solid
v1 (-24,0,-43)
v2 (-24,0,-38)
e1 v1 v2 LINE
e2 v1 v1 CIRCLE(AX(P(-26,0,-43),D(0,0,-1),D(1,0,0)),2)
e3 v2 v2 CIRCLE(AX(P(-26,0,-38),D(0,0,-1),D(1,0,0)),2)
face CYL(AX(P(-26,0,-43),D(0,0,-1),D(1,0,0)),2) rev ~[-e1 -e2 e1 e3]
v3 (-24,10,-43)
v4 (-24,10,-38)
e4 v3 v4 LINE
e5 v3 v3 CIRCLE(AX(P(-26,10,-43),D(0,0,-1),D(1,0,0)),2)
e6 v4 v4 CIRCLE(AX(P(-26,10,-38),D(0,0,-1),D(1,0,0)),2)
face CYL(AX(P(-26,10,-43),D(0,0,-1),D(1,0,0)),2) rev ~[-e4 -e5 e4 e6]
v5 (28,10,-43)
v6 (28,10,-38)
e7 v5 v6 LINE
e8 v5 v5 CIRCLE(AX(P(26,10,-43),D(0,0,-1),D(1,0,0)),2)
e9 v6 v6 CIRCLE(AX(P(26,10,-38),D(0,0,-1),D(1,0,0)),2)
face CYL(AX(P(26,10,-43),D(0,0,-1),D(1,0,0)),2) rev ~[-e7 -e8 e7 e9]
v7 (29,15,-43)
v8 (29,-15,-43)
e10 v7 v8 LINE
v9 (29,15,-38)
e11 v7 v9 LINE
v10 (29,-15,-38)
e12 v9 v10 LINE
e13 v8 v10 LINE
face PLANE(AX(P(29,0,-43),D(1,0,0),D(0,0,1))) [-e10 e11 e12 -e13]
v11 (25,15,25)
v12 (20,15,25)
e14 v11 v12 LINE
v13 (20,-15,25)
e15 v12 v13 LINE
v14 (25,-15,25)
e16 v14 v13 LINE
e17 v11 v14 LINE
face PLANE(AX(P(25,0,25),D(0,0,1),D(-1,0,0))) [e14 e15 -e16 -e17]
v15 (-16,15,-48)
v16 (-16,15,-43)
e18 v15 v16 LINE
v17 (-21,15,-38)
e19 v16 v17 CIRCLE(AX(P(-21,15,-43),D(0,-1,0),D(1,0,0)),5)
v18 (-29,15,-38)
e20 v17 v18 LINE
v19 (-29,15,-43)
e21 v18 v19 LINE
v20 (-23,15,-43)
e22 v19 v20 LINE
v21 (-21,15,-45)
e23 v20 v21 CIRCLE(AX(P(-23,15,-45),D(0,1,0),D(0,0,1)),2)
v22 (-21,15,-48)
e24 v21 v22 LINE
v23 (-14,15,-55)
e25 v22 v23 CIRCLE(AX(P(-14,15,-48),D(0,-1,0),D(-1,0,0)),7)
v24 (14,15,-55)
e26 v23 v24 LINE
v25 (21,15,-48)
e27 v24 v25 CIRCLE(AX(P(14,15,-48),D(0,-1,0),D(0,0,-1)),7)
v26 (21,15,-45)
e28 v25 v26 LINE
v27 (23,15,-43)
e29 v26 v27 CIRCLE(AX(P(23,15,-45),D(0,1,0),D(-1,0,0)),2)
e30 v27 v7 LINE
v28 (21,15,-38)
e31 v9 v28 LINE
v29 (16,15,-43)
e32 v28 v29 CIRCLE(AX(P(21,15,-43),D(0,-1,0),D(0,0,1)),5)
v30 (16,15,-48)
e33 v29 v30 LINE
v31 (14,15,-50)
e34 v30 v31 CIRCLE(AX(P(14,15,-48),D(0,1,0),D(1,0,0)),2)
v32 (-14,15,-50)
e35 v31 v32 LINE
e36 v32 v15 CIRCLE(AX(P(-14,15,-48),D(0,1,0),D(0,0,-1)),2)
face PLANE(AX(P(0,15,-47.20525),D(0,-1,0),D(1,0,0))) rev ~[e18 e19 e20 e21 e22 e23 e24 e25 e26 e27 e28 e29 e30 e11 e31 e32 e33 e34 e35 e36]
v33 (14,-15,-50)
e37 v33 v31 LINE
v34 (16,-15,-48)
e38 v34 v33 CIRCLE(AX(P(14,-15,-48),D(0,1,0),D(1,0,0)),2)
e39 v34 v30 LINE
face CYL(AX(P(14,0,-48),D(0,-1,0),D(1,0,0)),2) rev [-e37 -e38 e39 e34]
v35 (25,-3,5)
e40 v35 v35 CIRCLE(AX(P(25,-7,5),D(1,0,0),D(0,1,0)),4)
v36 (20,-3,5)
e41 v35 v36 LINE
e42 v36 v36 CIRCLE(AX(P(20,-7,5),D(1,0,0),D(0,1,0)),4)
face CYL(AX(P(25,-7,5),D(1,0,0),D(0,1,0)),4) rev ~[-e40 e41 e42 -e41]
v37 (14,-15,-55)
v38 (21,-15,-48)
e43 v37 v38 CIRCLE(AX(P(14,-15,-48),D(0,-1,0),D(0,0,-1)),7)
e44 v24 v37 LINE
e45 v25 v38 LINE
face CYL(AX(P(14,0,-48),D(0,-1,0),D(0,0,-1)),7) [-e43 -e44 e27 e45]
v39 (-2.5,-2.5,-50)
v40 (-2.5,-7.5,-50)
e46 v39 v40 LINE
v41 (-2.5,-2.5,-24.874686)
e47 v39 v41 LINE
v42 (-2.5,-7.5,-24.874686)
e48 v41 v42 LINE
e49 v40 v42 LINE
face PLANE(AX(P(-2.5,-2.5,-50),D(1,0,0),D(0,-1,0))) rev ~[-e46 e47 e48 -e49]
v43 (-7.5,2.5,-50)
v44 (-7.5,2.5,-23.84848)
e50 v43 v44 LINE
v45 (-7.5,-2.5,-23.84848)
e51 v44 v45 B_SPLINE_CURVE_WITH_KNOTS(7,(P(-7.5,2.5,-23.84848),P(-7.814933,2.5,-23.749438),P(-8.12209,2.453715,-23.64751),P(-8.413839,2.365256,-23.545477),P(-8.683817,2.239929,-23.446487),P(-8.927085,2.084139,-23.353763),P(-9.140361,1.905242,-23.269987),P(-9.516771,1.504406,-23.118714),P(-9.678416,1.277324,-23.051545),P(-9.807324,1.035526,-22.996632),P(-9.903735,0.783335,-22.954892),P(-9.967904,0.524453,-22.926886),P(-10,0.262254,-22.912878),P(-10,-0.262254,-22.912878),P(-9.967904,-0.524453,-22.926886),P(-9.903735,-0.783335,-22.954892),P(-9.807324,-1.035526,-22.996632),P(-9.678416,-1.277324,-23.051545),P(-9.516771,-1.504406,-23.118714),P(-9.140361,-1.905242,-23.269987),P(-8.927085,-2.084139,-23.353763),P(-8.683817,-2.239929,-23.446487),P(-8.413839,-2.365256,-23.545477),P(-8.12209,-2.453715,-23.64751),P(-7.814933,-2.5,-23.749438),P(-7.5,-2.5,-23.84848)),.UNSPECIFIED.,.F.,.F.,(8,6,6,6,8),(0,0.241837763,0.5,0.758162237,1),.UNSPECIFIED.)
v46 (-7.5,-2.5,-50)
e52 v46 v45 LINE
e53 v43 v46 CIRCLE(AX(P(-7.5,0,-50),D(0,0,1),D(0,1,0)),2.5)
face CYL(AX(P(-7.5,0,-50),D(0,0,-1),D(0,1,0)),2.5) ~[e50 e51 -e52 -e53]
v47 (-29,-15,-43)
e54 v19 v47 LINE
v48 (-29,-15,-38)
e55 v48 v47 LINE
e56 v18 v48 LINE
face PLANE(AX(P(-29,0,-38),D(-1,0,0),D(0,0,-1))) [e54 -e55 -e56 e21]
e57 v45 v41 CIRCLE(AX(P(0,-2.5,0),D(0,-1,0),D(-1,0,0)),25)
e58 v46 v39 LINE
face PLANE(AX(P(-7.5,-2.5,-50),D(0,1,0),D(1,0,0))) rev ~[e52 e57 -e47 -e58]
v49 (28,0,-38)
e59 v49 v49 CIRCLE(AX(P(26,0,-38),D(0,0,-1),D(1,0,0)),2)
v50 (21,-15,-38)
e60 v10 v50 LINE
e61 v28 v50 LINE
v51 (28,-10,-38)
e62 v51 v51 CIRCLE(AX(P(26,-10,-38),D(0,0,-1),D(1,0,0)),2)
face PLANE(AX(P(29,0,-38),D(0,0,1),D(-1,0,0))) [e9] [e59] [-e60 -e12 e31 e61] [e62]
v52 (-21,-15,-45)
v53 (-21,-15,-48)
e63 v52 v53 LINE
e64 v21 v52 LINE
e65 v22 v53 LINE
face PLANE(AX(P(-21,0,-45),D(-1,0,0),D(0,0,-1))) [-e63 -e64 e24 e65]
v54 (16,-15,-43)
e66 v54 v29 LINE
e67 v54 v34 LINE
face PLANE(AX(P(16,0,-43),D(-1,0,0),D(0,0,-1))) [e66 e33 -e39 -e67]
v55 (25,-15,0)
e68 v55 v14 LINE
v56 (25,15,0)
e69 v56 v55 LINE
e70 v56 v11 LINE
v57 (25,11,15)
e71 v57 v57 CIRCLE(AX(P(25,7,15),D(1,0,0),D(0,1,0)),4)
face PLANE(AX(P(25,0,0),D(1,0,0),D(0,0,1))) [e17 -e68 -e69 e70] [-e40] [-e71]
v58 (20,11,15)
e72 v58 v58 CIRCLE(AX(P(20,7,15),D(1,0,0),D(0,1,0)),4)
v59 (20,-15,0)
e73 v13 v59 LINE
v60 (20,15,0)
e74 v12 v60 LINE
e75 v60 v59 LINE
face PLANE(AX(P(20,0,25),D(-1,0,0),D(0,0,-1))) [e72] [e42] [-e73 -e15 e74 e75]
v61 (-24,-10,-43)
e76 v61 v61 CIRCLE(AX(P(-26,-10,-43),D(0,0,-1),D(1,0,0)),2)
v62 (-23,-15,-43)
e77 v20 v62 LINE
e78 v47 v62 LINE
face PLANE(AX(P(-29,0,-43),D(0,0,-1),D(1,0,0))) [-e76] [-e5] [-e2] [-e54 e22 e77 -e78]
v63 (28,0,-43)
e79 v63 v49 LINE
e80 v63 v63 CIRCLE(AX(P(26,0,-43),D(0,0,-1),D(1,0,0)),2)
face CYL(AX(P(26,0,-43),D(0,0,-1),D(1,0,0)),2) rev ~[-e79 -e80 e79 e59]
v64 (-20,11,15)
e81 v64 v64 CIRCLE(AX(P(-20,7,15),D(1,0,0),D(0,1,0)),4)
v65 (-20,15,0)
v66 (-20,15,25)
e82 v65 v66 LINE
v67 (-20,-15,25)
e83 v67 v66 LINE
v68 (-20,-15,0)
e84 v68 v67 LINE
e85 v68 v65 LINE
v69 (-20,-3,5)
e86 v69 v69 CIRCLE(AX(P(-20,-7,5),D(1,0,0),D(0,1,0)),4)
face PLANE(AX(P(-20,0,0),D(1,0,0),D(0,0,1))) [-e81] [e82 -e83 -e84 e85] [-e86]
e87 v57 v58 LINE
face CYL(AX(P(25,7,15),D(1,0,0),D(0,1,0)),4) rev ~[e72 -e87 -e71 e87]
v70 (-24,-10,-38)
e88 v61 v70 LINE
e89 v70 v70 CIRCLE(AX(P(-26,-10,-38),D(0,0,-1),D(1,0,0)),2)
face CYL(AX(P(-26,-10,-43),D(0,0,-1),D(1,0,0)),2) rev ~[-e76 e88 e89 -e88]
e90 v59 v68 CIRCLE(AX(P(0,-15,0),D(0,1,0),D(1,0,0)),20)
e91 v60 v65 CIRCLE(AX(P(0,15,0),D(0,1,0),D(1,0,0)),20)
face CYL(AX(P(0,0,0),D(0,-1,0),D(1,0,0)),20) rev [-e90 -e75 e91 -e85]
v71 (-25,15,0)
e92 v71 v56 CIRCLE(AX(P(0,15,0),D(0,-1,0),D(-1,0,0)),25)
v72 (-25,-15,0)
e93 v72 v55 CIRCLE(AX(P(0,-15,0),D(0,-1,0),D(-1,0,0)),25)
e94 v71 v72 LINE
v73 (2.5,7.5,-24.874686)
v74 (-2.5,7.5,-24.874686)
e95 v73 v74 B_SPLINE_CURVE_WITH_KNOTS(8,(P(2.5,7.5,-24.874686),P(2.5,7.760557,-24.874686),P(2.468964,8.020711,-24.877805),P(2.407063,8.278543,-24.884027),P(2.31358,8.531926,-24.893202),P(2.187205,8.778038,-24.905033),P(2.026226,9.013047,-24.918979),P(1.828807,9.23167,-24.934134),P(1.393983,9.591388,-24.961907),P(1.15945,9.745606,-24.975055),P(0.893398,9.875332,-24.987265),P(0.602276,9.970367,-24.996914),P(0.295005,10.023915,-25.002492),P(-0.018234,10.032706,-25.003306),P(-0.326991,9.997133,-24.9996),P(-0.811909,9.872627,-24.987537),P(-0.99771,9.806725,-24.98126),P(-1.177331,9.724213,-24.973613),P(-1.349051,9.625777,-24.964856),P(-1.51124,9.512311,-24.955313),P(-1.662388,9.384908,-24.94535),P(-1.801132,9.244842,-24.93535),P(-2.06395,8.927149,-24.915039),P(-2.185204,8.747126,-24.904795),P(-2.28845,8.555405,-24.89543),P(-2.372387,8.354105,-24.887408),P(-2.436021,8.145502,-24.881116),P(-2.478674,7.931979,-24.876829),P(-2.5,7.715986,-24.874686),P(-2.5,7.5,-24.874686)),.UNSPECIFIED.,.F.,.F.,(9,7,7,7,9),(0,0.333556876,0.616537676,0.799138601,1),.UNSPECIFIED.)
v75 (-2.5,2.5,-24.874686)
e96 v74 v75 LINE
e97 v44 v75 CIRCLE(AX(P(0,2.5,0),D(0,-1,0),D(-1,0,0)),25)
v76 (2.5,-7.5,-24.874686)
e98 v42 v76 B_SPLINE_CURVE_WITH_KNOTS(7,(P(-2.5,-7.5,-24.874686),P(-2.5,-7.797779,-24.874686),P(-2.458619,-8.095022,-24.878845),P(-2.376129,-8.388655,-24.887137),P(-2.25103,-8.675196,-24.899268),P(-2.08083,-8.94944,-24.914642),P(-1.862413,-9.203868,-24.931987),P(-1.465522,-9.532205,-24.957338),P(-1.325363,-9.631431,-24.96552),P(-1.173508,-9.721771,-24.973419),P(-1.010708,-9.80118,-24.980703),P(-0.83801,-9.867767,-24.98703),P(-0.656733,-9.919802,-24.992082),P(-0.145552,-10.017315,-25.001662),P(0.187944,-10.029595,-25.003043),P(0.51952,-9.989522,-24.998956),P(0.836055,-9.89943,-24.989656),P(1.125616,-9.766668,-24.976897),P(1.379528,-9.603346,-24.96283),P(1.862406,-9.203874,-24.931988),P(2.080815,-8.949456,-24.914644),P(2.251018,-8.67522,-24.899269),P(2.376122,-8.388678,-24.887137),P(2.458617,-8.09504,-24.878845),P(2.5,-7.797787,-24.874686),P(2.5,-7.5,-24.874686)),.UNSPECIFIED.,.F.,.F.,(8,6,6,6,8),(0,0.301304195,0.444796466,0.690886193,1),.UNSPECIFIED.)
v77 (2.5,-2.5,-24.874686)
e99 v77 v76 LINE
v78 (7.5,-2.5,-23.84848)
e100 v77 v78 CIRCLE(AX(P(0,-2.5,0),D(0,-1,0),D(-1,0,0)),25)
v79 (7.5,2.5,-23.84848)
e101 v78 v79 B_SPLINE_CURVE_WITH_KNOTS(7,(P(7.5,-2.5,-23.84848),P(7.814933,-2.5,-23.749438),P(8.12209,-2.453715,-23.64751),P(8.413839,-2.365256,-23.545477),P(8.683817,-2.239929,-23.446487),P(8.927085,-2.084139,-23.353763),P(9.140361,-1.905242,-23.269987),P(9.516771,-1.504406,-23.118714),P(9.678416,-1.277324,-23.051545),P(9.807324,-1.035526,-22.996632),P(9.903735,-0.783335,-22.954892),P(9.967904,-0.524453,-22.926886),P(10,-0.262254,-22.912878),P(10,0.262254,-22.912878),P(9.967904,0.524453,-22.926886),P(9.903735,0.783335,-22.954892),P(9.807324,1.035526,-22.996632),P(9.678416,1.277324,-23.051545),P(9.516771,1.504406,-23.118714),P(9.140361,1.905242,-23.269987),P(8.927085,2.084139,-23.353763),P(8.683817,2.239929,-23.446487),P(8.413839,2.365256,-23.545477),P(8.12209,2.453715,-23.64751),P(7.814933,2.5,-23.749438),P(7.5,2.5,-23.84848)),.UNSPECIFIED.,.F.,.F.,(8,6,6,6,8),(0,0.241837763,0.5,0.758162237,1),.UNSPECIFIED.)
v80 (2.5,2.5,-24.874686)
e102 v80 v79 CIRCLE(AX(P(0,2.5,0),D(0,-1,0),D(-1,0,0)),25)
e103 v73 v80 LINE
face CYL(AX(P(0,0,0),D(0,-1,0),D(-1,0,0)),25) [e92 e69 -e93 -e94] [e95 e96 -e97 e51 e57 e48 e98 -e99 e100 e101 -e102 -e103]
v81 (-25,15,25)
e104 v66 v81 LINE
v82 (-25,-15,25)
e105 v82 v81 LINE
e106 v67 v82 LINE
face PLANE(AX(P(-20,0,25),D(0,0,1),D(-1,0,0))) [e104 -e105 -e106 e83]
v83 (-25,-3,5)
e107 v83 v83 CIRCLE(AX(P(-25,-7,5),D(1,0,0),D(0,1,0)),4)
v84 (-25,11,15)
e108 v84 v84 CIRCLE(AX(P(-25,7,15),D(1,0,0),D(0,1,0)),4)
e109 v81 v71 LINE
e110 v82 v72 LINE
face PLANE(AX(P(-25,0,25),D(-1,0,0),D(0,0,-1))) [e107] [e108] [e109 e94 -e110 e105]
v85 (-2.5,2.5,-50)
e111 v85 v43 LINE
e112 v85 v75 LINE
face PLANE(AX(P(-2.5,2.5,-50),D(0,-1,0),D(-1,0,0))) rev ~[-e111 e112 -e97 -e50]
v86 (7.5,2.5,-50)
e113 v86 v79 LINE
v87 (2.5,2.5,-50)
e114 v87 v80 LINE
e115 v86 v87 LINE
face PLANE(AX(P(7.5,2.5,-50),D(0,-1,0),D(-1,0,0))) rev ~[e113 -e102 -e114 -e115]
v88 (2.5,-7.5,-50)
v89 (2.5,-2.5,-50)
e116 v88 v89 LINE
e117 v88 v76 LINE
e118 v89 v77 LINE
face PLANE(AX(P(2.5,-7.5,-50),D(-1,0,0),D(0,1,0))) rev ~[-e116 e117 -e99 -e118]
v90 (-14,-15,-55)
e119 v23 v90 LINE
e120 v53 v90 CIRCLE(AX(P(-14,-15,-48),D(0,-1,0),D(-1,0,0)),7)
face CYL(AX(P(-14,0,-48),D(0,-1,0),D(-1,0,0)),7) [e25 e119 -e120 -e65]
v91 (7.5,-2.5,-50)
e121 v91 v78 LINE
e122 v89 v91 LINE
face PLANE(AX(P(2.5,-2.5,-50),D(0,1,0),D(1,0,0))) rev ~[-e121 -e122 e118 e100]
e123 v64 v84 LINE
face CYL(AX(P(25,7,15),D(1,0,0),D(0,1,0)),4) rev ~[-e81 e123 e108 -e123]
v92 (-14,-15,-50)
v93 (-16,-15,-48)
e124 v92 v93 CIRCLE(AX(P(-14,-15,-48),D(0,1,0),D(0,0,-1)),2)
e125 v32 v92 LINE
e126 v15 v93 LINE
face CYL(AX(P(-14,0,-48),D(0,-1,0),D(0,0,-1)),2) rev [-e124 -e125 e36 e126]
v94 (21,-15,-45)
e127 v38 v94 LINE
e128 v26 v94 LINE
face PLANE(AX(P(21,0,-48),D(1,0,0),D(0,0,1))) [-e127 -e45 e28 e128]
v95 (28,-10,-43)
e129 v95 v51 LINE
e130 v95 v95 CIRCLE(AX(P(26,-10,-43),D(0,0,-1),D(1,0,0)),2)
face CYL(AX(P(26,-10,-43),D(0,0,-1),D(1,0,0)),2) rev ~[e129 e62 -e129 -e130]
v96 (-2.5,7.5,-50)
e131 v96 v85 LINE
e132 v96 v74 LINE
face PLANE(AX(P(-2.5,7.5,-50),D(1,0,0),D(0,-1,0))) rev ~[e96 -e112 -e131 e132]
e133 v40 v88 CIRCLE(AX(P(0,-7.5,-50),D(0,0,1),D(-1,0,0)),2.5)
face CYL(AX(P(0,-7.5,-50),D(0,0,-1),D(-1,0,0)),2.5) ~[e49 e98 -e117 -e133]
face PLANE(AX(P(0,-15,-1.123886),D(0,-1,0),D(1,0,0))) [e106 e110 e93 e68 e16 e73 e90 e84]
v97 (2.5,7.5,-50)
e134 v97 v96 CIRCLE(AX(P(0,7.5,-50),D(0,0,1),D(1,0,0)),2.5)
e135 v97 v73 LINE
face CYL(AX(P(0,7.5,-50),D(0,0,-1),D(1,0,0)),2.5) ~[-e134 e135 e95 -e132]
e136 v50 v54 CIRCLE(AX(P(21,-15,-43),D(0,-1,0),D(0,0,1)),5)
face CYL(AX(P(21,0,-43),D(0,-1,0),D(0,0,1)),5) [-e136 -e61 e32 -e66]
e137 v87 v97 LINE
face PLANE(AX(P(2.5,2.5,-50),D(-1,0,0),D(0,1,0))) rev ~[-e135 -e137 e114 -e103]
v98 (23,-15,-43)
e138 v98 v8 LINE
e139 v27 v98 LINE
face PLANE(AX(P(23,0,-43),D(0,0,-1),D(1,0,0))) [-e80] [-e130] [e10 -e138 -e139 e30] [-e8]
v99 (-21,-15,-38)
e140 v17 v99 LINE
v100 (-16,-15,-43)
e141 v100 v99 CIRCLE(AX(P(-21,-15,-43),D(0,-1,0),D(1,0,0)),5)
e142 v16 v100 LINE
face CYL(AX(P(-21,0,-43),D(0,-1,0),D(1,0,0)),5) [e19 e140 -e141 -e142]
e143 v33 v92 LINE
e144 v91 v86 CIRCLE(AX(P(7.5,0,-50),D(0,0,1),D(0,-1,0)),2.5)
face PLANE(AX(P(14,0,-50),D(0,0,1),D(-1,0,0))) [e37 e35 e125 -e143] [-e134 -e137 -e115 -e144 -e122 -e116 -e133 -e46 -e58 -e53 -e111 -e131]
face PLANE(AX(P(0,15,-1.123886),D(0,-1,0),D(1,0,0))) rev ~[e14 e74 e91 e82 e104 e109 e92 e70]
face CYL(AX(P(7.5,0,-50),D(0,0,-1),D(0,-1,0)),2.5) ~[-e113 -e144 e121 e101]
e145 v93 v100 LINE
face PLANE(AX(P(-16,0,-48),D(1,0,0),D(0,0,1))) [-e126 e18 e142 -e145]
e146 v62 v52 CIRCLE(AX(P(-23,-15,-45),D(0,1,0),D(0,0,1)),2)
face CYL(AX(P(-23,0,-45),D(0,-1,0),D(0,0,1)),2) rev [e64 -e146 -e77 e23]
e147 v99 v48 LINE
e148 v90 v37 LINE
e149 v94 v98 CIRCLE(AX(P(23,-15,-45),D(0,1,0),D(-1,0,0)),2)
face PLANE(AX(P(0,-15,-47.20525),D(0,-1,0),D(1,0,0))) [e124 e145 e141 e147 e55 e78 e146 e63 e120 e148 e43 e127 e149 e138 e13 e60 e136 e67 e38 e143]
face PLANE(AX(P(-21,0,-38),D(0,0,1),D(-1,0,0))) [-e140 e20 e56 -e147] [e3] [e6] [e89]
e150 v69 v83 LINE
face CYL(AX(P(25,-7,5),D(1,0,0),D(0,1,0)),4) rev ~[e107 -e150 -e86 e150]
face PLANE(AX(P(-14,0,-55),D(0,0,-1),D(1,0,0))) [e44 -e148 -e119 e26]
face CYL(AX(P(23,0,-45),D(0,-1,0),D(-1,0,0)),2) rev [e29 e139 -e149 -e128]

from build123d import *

# Parameters (mm, degrees)
F1_DEPTH = 15
F3_DEPTH = 28.0871216252
F4_R     = 2
F5_DEPTH = 5
F6_R     = 4
F7_DEPTH = 54.001


with BuildPart() as f1:
    # F0 (on Front) → F1 (new body, symmetric)
    with BuildSketch(Plane.XZ):
        with BuildLine():
            Line((-25, 25), (-25, 0))
            ThreePointArc((-25, 0), (0, -25), (25, 0))
            Line((25, 0), (25, 25))
            Line((25, 25), (20, 25))
            Line((20, 25), (20, 0))
            ThreePointArc((20, 0), (0, -20), (-20, 0))
            Line((-20, 0), (-20, 25))
            Line((-20, 25), (-25, 25))
        make_face()
    extrude(amount=F1_DEPTH, both=True)



with BuildPart() as f1b:
    # F0 (on Front) → F1, piece 2 (new body, symmetric)
    with BuildSketch(Plane.XZ):
        with BuildLine():
            Line((14, -50), (0, -50))
            Line((0, -50), (-14, -50))
            ThreePointArc((-14, -50), (-15.4142135624, -49.4142135624), (-16, -48))
            Line((-16, -48), (-16, -43))
            ThreePointArc((-16, -43), (-17.4644660941, -39.4644660941), (-21, -38))
            Line((-21, -38), (-29, -38))
            Line((-29, -38), (-29, -43))
            Line((-29, -43), (-23, -43))
            ThreePointArc((-23, -43), (-21.5857864376, -43.5857864376), (-21, -45))
            Line((-21, -45), (-21, -48))
            ThreePointArc((-21, -48), (-18.9497474683, -52.9497474683), (-14, -55))
            Line((-14, -55), (14, -55))
            ThreePointArc((14, -55), (18.9497474683, -52.9497474683), (21, -48))
            Line((21, -48), (21, -45))
            ThreePointArc((21, -45), (21.5857864376, -43.5857864376), (23, -43))
            Line((23, -43), (29, -43))
            Line((29, -43), (29, -38))
            Line((29, -38), (21, -38))
            ThreePointArc((21, -38), (17.4644660941, -39.4644660941), (16, -43))
            Line((16, -43), (16, -48))
            ThreePointArc((16, -48), (15.4142135624, -49.4142135624), (14, -50))
        make_face()
    extrude(amount=F1_DEPTH, both=True)


with BuildPart() as f1_1:
    add(f1.part)

    add(f1b.part)  # F3 merges F1b
    # F2 (on face) → F3 (join, up to face)
    with BuildSketch(Plane.XY.offset(-50)):
        with BuildLine():
            ThreePointArc((7.5, -2.5), (10, 0), (7.5, 2.5))
            Line((7.5, 2.5), (2.5, 2.5))
            Line((2.5, 2.5), (2.5, 7.5))
            ThreePointArc((2.5, 7.5), (0, 10), (-2.5, 7.5))
            Line((-2.5, 7.5), (-2.5, 2.5))
            Line((-2.5, 2.5), (-7.5, 2.5))
            ThreePointArc((-7.5, 2.5), (-10, 0), (-7.5, -2.5))
            Line((-7.5, -2.5), (-2.5, -2.5))
            Line((-2.5, -2.5), (-2.5, -7.5))
            ThreePointArc((-2.5, -7.5), (0, -10), (2.5, -7.5))
            Line((2.5, -7.5), (2.5, -2.5))
            Line((2.5, -2.5), (7.5, -2.5))
        make_face()
    extrude(amount=F3_DEPTH)

    # F4 (on face) → F5 (cut, through all)
    with BuildSketch(Plane(origin=(0, 0, -43), x_dir=(1, 0, 0), z_dir=(0, 0, -1))):
        with Locations((-26, -10)):
            Circle(F4_R)
        with Locations((-26, 0)):
            Circle(F4_R)
        with Locations((-26, 10)):
            Circle(F4_R)
        with Locations((26, -10)):
            Circle(F4_R)
        with Locations((26, 0)):
            Circle(F4_R)
        with Locations((26, 10)):
            Circle(F4_R)
    extrude(amount=-F5_DEPTH, mode=Mode.SUBTRACT)

    # F6 (on face) → F7 (cut, through all)
    with BuildSketch(Plane.YZ.offset(25)):
        with Locations((-7, 5)):
            Circle(F6_R)
        with Locations((7, 15)):
            Circle(F6_R)
    extrude(amount=-F7_DEPTH, mode=Mode.SUBTRACT)


solid = f1_1.part
